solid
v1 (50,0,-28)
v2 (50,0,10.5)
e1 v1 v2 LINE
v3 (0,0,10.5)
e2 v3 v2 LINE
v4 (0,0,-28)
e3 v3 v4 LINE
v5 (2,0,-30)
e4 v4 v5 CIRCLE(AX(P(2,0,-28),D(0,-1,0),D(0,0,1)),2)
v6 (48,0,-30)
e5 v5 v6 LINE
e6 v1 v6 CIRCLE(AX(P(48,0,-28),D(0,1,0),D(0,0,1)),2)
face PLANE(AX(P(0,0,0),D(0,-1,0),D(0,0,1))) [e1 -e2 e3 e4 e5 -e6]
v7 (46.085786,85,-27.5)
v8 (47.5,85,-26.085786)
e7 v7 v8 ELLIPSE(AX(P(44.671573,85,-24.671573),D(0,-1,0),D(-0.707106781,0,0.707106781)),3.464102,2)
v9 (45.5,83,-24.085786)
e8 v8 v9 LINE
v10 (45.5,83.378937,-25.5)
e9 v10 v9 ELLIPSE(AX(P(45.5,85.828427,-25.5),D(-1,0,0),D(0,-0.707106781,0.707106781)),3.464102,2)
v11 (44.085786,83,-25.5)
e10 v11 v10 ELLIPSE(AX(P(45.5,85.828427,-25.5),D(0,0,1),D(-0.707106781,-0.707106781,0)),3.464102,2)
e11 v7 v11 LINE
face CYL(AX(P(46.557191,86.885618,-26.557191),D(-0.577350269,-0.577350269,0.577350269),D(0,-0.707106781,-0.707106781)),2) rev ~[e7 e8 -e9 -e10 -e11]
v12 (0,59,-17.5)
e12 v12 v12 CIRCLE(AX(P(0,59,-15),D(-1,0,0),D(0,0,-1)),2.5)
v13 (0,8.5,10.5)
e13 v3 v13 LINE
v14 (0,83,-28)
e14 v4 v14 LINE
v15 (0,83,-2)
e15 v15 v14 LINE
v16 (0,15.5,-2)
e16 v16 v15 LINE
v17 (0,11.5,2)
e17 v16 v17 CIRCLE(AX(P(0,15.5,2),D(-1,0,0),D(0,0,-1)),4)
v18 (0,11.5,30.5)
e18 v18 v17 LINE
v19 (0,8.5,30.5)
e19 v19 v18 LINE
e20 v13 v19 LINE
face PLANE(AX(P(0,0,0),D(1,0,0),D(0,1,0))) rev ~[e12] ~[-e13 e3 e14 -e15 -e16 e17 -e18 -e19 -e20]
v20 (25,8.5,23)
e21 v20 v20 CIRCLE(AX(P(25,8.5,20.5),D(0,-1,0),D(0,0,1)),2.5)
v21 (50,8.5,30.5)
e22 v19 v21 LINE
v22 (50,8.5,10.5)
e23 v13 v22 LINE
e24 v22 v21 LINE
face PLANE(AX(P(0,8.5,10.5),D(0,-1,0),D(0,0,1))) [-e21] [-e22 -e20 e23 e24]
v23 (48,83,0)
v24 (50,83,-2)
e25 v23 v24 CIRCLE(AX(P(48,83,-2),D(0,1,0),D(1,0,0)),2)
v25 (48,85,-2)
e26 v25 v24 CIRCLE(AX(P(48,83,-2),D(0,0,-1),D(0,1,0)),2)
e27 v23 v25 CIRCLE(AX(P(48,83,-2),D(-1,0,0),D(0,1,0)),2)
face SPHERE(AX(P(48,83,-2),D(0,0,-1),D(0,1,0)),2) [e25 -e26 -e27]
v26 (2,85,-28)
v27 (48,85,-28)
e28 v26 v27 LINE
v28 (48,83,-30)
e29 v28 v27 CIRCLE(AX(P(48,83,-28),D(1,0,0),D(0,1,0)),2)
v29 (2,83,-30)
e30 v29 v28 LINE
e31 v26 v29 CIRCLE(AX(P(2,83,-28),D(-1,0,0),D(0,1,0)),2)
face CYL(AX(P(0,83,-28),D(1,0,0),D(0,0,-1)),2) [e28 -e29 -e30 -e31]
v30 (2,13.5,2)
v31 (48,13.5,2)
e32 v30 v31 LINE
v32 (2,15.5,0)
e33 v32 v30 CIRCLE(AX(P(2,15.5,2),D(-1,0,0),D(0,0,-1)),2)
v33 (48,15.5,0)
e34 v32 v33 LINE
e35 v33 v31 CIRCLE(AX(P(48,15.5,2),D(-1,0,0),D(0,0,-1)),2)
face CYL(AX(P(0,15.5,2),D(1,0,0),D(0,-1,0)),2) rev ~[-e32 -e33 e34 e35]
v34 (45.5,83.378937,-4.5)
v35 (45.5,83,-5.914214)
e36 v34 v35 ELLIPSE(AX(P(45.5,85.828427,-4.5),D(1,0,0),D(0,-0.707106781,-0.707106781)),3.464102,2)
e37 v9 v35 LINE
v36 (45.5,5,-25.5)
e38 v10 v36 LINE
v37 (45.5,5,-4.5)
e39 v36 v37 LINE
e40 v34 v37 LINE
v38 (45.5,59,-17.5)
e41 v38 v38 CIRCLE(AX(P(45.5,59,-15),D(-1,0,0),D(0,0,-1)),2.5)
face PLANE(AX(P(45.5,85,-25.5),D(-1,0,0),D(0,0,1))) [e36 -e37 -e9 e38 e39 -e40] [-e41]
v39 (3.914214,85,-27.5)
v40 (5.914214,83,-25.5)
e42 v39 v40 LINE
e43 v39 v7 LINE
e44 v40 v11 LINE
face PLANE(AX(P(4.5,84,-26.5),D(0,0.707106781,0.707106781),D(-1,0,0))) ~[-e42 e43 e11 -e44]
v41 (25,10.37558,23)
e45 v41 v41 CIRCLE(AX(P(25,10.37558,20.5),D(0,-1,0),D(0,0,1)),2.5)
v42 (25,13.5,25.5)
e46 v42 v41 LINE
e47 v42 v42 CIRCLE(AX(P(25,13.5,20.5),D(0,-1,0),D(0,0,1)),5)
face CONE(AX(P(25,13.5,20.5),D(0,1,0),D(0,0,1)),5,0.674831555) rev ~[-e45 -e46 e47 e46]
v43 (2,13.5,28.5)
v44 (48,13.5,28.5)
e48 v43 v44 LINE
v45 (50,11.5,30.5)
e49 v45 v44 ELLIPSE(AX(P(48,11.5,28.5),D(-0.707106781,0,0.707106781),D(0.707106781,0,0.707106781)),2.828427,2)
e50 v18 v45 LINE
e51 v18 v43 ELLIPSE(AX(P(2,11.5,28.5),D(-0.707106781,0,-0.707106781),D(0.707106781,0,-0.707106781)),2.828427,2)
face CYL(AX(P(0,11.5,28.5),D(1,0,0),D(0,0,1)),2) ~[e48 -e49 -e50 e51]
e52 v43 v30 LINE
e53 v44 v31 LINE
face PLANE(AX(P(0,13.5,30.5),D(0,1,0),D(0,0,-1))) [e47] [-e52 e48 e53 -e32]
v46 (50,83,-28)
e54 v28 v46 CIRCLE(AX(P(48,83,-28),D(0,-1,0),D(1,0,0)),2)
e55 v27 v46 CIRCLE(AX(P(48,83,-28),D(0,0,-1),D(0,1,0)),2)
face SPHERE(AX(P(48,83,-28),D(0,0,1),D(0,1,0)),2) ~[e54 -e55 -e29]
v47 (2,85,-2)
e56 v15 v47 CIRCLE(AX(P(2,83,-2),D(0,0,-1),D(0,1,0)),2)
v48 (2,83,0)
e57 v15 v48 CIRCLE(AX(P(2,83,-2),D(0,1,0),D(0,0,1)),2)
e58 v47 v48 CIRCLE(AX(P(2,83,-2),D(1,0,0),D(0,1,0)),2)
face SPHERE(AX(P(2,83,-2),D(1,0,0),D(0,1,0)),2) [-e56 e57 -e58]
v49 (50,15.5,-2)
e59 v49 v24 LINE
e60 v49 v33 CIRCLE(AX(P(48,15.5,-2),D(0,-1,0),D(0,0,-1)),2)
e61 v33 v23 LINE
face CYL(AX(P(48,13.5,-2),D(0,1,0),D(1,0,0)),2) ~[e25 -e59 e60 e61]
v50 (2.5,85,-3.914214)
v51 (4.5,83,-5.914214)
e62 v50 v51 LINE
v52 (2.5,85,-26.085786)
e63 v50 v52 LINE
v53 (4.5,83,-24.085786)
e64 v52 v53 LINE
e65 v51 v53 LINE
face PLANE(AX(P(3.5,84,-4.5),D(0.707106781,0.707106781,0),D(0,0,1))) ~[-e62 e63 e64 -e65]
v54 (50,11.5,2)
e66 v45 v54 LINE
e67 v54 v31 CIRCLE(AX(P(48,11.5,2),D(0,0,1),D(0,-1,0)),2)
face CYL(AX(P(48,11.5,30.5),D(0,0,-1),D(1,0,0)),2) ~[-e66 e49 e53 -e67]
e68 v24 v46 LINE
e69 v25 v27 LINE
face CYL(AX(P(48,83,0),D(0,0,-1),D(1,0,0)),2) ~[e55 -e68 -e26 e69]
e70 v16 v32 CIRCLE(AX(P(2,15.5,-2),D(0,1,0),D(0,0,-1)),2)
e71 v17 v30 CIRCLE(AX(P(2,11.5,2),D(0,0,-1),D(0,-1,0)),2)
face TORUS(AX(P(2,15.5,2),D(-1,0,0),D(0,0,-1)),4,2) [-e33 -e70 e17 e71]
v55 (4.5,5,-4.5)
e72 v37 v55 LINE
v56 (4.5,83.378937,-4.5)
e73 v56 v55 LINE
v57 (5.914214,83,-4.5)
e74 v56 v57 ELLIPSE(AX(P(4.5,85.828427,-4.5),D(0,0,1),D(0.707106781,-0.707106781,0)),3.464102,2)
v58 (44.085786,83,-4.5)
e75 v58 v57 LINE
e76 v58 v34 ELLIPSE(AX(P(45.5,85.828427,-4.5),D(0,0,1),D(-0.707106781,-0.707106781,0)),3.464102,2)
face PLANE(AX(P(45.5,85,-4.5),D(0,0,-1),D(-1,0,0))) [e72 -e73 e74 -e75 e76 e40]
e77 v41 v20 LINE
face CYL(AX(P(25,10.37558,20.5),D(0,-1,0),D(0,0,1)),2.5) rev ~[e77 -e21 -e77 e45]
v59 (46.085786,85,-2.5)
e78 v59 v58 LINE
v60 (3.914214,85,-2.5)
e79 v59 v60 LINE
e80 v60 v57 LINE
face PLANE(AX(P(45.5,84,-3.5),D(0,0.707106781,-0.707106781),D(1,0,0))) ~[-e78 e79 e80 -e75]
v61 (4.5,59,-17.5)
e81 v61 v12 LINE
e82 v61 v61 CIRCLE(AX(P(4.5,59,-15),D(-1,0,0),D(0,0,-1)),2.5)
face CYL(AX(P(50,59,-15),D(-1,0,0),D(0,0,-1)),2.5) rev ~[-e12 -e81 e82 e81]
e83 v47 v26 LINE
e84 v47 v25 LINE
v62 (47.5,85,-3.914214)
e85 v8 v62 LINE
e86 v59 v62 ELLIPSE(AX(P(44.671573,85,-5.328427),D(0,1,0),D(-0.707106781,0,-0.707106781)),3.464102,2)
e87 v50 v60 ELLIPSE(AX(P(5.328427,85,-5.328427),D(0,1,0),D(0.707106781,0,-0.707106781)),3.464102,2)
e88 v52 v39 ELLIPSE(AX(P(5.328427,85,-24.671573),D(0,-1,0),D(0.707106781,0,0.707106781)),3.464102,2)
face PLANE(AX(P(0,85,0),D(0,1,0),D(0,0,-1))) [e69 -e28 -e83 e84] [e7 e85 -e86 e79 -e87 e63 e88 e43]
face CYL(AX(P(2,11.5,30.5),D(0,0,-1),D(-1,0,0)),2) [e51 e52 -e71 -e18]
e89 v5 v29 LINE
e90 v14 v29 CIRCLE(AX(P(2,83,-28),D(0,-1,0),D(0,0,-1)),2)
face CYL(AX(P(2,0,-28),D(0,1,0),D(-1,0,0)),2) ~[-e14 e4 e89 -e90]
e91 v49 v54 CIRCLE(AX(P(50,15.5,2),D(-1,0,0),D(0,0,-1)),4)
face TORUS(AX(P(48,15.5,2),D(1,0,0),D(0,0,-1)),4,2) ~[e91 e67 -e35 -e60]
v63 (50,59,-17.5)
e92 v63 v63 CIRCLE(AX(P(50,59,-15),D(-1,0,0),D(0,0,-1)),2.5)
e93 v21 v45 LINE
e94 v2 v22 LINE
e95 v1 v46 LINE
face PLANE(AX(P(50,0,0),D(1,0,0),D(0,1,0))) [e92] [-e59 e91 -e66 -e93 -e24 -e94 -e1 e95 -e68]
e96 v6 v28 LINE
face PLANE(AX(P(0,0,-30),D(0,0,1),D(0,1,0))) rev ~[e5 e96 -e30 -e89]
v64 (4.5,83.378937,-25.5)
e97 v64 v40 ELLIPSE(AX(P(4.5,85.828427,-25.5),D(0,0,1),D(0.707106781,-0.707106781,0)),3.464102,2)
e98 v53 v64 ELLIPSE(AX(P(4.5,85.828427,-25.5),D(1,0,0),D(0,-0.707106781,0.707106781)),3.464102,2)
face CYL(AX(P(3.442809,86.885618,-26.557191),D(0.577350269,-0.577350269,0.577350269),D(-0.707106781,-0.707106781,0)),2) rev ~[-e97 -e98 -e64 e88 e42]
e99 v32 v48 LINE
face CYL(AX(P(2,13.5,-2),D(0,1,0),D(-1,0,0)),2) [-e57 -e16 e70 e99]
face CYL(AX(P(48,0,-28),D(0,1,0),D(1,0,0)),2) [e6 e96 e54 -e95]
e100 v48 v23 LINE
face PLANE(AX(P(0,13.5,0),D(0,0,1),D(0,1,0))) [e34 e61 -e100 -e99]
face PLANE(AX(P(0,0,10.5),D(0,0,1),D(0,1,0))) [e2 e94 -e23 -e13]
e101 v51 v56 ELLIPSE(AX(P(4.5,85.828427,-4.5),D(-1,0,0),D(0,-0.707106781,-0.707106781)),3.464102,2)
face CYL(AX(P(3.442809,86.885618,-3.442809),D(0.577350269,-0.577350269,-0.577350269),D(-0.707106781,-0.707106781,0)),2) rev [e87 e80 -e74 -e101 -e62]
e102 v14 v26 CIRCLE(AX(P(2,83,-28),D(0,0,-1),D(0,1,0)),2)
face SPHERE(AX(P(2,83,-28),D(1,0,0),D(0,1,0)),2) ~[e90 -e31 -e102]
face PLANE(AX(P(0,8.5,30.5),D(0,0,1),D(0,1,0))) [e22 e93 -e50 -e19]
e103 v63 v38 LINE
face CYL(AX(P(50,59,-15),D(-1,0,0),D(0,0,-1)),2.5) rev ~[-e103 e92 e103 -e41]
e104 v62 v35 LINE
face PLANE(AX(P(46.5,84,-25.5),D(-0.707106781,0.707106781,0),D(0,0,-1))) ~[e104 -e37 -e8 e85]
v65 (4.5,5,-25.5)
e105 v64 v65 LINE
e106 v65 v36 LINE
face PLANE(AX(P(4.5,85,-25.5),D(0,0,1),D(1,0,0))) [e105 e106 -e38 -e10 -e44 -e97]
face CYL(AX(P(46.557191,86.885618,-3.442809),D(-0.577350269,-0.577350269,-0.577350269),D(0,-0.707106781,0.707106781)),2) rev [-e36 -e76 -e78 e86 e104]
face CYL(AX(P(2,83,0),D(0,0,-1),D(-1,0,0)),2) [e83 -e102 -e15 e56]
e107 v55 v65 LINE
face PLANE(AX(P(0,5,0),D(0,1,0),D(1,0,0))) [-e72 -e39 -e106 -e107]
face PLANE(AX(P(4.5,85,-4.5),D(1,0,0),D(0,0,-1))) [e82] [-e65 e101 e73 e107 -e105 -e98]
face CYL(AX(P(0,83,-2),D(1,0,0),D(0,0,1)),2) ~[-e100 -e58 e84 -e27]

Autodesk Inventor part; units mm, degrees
ref_plane "YZ Plane" through (0, 0, 0) normal (1, 0, 0) x (0, 1, 0)
ref_plane "XZ Plane" through (0, 0, 0) normal (0, 1, 0) x (-1, 0, 0)
ref_plane "XY Plane" through (0, 0, 0) normal (0, 0, 1) x (1, 0, 0)
sketch "Sketch1" plane through (0, 0, 0) normal (1, 0, 0) x (0, 1, 0)
  line L0 (0, 0) -> (0, -30)
  line L1 (13.5, 0) -> (30, 0) construction
  line L2 (0, -30) -> (85, -30)
  line L3 (13.5, 0) -> (85, 0)
  line L4 (85, 0) -> (85, -30)
  line L5 (0, 0) -> (0, 10.5)
  line L6 (13.5, 0) -> (14, 0) construction
  line L7 (0, 10.5) -> (8.5, 10.5)
  line L8 (8.5, 10.5) -> (8.5, 30.5)
  line L9 (8.5, 30.5) -> (13.5, 30.5)
  line L10 (13.5, 30.5) -> (13.5, 0)
  point P0 (0, -15)
  dimension "d0" = 30
  dimension "d2" = 85
  dimension "d4" = 10.5
  dimension "d6" = 8.5
  dimension "d7" = 20
  dimension "d8" = 5
  dimension "d47" = 30
extrude "Extrusion1" add sketch "Sketch1" along normal blind 50
sketch "Sketch2" plane through (0, 85, 0) normal (0, 1, 0) x (1, 0, 0)
  line L0 (4.5, 4.5) -> (4.5, 25.5)
  line L1 (4.5, 4.5) -> (25.5, 4.5) construction
  line L2 (4.5, 25.5) -> (45.5, 25.5)
  line L3 (45.5, 25.5) -> (45.5, 4.5)
  line L4 (45.5, 4.5) -> (4.5, 4.5)
  line L5 (50, 30) -> (50, 0) projected
  point P0 (0, 0)
  dimension "d13" = 21
  dimension "d14" = 90
  dimension "d15" = 41
  dimension "d16" = 90
  dimension "d17" = 21
  dimension "d18" = 90
  dimension "d46" = 4.5
  dimension "d48" = 90
  dimension "d49" = 4.5
extrude "Extrusion2" cut sketch "Sketch2" against normal blind 80
fillet "Fillet1" radius 2 12 edges at (50, 85, -15) (25, 85, 0) (25, 85, -30) (0, 85, -15) (50, 49.25, 0) (50, 42.5, -30) (0, 49.25, 0) (0, 42.5, -30) (0, 13.5, 15.25) (25, 13.5, 30.5) (50, 13.5, 15.25) (25, 13.5, 0)
sketch "Sketch4" plane through (2, 13.5, 2) normal (0, 1, 0) x (1, 0, 0)
  line L0 (-2, -28.5) -> (48, -28.5) projected
  point P0 (-2, 2)
  point P1 (23, -18.5)
  point P2 (23, -28.5)
  dimension "d37" = 10
hole "Hole1" at (25, 13.5, 20.5) direction (0, -1, 0) diameter 5 end through all countersink diameter 10 countersink angle 77.33
sketch "Sketch6" plane through (50, 0, 0) normal (1, 0, 0) x (0, 0, -1)
  line L0 (-10.5, 0) -> (28, 0) projected
  point P0 (0, 0)
  point P1 (15, 59)
  point P2 (15, 0)
  dimension "d45" = 59
hole "Hole2" at (50, 59, -15) direction (-1, 0, 0) diameter 5 end through all
chamfer "Chamfer2" distance 2 angle 45 4 edges at (4.5, 85, -15) (25, 85, -25.5) (45.5, 85, -15) (25, 85, -4.5)
fillet "Fillet3" radius 2 4 edges at (3.5, 84, -26.5) (46.5, 84, -26.5) (46.5, 84, -3.5) (3.5, 84, -3.5)
properties part number "flexibler_standfuß_breit_v0.9"
